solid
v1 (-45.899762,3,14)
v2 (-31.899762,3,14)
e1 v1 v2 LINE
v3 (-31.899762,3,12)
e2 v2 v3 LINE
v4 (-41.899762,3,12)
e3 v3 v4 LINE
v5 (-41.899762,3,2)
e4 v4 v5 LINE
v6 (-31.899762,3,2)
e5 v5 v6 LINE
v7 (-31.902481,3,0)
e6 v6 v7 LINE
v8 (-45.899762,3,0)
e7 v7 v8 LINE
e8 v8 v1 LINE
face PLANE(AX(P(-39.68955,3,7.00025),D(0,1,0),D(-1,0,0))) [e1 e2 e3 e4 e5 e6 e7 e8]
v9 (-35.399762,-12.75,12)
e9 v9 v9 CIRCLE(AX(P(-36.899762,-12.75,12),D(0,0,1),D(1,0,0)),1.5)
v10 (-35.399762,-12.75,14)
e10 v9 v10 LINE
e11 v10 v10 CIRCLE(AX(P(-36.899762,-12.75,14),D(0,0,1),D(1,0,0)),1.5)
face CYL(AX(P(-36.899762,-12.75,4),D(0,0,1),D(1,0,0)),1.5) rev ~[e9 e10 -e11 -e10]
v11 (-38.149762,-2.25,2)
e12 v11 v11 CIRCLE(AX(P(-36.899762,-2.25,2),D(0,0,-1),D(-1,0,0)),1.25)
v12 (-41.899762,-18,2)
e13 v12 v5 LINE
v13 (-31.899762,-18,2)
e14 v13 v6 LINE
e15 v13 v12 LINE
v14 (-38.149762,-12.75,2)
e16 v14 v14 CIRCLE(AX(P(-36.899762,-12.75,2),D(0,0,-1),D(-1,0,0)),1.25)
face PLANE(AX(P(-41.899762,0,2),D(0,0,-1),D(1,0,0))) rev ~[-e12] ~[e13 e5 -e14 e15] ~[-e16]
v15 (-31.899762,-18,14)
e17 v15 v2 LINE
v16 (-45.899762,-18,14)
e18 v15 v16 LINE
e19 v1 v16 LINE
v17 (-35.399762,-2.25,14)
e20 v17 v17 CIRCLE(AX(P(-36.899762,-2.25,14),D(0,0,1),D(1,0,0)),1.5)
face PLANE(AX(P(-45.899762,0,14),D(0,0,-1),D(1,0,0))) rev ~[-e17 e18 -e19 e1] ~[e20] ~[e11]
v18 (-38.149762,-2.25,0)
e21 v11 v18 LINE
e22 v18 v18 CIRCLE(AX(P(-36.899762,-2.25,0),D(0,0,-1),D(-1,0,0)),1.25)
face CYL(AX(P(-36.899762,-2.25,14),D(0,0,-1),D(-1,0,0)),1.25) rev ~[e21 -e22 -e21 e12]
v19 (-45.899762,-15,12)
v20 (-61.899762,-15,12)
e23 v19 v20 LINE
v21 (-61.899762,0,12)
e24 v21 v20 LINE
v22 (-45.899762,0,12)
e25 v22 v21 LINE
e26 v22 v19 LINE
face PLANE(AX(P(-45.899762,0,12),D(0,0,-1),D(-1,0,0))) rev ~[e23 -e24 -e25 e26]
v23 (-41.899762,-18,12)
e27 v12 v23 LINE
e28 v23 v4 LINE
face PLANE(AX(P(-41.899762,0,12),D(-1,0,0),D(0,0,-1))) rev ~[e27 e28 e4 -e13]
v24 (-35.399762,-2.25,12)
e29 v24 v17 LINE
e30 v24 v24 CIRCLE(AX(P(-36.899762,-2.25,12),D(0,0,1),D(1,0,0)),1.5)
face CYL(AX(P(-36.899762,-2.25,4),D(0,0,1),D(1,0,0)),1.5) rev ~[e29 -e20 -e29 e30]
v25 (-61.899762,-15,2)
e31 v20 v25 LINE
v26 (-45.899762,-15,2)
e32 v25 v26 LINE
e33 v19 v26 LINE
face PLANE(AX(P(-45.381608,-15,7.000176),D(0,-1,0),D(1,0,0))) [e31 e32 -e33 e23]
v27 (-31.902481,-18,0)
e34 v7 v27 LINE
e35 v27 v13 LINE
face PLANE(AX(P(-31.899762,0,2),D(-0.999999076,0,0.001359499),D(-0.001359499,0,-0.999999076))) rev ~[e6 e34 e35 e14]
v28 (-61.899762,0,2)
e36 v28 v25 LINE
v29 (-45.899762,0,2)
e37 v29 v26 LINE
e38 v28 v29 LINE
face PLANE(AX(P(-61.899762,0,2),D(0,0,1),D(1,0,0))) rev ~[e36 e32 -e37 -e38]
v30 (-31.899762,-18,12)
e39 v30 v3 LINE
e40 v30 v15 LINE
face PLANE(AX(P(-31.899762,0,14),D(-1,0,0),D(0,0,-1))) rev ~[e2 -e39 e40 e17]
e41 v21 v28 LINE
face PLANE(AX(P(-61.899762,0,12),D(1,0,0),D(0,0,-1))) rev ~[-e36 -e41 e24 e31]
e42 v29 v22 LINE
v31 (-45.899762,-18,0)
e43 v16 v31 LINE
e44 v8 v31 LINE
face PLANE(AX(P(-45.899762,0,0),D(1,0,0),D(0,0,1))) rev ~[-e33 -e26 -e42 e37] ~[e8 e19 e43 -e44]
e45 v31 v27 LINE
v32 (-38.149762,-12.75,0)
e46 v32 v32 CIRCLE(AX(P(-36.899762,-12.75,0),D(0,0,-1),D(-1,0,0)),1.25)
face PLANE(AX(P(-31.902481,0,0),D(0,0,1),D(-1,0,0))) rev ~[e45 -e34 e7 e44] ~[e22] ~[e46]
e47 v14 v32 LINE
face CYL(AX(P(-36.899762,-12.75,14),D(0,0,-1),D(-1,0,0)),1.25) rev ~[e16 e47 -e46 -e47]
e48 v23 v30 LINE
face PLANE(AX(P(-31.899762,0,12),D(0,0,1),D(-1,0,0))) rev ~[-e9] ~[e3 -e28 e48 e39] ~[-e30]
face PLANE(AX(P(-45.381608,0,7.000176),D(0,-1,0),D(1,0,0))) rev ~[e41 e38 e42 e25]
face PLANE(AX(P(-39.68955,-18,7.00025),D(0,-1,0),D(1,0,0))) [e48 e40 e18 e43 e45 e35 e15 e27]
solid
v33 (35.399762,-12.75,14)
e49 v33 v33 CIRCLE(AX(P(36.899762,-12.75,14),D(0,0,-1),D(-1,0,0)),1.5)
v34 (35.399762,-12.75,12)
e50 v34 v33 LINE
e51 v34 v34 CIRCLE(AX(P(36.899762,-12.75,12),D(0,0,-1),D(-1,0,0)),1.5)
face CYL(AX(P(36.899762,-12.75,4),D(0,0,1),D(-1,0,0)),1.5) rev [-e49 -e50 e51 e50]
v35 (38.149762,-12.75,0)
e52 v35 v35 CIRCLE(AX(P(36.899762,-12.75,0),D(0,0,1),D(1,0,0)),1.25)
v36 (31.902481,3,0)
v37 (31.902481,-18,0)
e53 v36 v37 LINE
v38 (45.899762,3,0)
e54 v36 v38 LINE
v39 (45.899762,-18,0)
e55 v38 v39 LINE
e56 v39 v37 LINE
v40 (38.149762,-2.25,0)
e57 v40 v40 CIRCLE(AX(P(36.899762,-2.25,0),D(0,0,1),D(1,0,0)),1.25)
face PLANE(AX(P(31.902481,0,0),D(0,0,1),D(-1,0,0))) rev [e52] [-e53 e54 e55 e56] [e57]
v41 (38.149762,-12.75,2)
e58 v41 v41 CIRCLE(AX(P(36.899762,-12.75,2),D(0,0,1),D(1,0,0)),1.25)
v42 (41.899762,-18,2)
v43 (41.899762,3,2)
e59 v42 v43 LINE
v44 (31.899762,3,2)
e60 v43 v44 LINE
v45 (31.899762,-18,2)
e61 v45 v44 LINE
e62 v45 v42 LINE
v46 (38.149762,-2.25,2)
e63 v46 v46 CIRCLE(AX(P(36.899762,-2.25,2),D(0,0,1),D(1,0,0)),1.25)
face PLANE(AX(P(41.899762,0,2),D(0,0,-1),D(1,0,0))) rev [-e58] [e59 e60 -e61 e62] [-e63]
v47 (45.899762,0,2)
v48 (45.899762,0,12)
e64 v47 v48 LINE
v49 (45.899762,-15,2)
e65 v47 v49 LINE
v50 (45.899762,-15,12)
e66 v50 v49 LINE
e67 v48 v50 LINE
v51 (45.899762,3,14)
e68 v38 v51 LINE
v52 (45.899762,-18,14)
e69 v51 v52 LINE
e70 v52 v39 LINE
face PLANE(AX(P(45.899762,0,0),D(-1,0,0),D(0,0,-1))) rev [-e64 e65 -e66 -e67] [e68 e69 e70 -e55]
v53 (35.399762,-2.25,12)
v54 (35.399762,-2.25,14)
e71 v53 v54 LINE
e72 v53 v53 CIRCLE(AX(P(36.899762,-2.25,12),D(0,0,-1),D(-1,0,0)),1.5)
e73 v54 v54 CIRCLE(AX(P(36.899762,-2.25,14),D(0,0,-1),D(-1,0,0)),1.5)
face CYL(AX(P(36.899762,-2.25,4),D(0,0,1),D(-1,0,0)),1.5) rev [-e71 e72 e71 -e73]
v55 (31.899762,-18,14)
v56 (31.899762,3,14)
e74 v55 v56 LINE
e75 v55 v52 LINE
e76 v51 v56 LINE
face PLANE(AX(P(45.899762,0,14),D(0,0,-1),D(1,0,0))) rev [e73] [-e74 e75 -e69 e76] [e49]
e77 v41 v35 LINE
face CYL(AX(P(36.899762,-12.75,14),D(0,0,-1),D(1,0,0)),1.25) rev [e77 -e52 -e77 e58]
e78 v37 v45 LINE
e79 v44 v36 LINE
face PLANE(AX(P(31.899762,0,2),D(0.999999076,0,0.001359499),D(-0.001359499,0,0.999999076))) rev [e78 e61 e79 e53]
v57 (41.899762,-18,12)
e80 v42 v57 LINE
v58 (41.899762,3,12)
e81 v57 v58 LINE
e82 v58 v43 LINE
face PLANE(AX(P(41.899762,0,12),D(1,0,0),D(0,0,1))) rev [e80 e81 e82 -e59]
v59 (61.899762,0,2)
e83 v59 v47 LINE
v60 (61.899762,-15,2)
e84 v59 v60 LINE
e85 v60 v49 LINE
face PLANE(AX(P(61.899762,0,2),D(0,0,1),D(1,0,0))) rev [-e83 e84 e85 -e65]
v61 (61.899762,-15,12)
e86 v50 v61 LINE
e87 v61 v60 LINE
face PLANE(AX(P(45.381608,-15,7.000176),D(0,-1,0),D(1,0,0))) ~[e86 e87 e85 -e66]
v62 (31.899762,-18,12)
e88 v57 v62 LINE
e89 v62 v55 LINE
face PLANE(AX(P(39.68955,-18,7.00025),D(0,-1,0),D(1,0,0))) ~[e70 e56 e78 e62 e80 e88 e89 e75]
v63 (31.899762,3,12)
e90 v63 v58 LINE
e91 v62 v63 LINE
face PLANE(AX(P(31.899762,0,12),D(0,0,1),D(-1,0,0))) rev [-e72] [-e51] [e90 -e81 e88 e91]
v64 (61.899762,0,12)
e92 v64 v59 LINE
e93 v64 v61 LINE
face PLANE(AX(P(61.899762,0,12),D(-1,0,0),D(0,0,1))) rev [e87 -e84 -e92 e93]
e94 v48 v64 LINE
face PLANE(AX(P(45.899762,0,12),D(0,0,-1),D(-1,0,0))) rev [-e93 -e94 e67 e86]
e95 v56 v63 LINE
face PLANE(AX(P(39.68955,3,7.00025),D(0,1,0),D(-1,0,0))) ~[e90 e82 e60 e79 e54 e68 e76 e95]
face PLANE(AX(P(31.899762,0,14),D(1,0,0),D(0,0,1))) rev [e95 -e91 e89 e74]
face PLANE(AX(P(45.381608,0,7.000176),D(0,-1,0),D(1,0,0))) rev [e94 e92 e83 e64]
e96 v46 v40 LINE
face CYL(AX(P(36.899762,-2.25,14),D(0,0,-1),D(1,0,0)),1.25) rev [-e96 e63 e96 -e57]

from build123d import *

# Parameters (mm, degrees)
F1_DEPTH       = 15
F3_DEPTH       = 3
F5_DEPTH       = 3
F7_D           = 2.5
F7_CBORE_D     = 3
F7_CBORE_DEPTH = 10


with BuildPart() as f1:
    # F0 (on Front) → F1 (new body)
    with BuildSketch(Plane.XZ):
        Polygon((-45.899762, 0), (-31.902481, 0), (-31.899762, 2), (-41.899762, 2), (-41.899762, 12), (-31.899762, 12), (-31.899762, 14), (-45.899762, 14), (-45.899762, 12), (-61.899762, 12), (-61.899762, 2), (-45.899762, 2), align=None)
    extrude(amount=F1_DEPTH)

    # F2 (on face) → F3 (join)
    with BuildSketch(Plane.XZ.offset(15)):
        Polygon((-45.899762, 14), (-45.899762, 12), (-45.899762, 2), (-45.899762, 0), (-31.902481, 0), (-31.899762, 2), (-41.899762, 2), (-41.899762, 12), (-31.899762, 12), (-31.899762, 14), align=None)
    extrude(amount=F3_DEPTH)

    # F4 (on face) → F5 (join)
    with BuildSketch(Plane(origin=(0, 0, 0), x_dir=(-1, 0, 0), z_dir=(0, 1, 0))):
        Polygon((45.899762, 2), (45.899762, 12), (45.899762, 14), (31.899762, 14), (31.899762, 12), (41.899762, 12), (41.899762, 2), (31.899762, 2), (31.902481, 0), (45.899762, 0), align=None)
    extrude(amount=F5_DEPTH)

    # F7 (through all)
    with Locations(Plane.XY.offset(14)):
        with Locations((-36.899762, -2.25), (-36.899762, -12.75)):
            CounterBoreHole(F7_D / 2, F7_CBORE_D / 2, F7_CBORE_DEPTH)


with BuildPart() as f8_1:
    # F8: instance of F1
    add(f1.part.mirror(Plane.YZ))


solid = Compound([f1.part, f8_1.part])
